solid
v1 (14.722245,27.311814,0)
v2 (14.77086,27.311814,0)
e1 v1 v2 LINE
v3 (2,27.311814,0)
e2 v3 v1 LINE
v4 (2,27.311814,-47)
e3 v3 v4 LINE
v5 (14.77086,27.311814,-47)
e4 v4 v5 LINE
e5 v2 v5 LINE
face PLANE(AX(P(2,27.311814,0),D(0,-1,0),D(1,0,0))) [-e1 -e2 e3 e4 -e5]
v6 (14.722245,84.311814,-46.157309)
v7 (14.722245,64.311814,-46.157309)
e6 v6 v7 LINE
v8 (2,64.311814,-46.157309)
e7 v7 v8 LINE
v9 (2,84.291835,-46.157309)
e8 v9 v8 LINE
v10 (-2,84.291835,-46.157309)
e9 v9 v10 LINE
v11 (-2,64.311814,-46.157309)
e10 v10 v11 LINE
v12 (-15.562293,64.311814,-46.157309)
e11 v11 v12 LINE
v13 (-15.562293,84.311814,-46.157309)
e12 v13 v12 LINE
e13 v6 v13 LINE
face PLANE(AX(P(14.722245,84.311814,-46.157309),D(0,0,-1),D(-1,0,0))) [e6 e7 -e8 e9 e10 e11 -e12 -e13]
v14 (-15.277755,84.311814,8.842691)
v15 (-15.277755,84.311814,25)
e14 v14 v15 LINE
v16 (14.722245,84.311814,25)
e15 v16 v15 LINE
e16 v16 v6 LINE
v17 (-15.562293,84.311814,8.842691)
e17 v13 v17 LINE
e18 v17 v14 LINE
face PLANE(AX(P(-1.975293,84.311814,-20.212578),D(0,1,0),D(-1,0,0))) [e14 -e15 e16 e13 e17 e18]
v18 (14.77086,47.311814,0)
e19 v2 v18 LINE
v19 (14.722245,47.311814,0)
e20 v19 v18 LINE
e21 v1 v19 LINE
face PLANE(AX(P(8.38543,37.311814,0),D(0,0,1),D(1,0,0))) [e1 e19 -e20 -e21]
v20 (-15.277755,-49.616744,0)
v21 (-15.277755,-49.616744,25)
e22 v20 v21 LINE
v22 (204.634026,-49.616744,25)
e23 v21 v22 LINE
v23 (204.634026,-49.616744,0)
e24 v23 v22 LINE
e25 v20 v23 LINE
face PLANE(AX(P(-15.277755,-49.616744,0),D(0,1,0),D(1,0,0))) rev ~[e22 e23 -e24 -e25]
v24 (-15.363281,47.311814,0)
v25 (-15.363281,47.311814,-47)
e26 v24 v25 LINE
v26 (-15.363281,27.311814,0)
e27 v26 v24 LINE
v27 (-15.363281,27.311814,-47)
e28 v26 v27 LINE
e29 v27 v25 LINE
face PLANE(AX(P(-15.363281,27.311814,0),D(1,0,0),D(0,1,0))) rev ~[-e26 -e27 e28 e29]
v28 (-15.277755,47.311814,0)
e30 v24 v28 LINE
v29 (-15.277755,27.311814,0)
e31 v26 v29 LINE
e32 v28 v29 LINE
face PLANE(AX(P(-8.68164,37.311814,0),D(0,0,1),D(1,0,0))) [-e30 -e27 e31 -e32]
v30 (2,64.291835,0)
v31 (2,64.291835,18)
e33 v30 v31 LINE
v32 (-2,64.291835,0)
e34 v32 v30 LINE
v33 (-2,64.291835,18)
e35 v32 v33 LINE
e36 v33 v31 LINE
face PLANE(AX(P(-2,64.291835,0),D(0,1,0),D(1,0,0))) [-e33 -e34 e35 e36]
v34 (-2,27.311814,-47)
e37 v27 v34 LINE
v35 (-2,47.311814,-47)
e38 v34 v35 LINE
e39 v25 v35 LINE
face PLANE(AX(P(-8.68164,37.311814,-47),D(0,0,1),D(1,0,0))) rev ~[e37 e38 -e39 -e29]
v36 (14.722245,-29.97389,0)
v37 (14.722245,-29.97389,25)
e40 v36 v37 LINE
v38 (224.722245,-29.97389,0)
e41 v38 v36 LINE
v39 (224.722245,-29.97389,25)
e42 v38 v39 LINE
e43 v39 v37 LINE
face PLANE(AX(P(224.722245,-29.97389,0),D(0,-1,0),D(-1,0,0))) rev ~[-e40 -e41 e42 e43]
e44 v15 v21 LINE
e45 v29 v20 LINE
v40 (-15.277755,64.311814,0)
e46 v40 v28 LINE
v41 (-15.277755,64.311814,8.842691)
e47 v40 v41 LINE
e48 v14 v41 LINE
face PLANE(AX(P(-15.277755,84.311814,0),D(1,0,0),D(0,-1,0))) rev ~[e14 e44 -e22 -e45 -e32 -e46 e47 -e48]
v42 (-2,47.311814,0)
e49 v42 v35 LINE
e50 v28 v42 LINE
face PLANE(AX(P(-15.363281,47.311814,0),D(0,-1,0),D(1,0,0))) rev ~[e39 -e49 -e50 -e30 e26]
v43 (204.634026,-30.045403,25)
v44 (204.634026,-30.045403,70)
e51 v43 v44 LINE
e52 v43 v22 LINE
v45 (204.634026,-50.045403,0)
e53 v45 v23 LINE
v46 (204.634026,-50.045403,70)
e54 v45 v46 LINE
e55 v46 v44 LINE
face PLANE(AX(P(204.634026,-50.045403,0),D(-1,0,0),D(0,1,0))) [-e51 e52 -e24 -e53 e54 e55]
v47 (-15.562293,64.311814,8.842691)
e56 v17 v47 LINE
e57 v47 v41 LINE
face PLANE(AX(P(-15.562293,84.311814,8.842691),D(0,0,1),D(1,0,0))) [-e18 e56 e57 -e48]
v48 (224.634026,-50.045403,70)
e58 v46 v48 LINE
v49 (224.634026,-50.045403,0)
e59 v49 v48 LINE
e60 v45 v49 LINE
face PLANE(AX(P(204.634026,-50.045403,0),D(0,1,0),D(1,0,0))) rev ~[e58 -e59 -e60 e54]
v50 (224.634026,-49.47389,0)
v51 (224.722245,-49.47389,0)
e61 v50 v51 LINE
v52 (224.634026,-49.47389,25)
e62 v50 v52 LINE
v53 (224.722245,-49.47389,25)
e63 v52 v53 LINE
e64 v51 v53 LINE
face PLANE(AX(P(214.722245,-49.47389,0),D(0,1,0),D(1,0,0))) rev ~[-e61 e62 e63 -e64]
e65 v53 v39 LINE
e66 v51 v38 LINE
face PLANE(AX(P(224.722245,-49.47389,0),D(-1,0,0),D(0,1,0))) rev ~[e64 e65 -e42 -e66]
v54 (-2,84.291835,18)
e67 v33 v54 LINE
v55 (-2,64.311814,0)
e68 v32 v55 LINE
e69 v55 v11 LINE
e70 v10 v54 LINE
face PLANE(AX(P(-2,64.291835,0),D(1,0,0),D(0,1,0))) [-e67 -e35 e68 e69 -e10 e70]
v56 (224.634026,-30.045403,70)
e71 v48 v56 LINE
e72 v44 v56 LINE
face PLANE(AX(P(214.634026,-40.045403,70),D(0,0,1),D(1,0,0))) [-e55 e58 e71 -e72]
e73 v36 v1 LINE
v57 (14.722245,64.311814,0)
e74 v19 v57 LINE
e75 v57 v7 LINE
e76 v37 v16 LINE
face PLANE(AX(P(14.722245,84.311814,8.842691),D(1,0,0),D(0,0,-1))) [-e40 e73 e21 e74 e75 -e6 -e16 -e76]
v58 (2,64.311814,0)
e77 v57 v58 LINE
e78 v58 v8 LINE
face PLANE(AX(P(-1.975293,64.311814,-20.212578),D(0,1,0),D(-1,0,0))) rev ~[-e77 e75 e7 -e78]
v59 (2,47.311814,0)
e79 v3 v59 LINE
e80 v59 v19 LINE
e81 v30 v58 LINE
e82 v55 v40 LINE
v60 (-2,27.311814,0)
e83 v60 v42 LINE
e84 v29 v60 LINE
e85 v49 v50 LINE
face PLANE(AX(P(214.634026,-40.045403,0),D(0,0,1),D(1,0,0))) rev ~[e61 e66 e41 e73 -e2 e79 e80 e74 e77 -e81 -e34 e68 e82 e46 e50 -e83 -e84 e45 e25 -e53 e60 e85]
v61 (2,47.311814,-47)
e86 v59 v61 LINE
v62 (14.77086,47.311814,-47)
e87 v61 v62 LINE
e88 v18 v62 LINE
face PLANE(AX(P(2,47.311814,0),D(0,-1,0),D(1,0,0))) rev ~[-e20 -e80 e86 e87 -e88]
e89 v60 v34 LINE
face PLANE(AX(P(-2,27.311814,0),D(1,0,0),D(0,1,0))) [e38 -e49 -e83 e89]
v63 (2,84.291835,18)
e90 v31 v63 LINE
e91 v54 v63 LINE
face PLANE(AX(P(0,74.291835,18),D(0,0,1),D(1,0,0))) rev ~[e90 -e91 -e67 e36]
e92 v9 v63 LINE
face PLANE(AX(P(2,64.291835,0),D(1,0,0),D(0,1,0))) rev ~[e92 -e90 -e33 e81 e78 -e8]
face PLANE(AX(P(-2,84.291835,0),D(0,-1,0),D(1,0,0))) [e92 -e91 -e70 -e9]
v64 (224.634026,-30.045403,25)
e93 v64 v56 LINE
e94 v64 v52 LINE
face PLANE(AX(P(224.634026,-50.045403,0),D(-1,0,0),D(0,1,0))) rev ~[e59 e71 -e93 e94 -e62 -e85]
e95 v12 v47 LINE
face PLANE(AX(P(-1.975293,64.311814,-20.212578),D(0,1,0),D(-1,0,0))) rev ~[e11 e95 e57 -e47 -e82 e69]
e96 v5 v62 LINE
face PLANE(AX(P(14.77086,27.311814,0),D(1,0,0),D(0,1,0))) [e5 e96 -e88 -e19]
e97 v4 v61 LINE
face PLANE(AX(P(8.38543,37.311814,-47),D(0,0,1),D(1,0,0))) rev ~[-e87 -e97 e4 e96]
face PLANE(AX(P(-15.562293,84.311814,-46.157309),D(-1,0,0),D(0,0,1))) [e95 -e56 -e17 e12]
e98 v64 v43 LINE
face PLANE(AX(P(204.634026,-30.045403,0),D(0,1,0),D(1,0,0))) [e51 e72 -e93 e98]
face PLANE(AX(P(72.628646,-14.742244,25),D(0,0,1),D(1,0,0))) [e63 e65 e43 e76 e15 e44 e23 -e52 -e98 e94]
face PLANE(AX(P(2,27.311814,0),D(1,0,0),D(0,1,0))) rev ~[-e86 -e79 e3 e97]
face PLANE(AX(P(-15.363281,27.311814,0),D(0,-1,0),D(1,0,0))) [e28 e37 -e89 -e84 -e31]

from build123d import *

# Parameters (mm, degrees)
F1_DEPTH      = 25
F2_W          = 30
F2_H          = 8.8426908478
F3_DEPTH      = 20
F5_W          = 4
F5_H          = 20
F6_DEPTH      = 46.1583091522
F6_DEPTH_BACK = 18
F7_W          = 20
F7_H          = 20
F8_DEPTH      = 70
F9_W          = 13.3632806614
F9_H          = 20
F9_W_2        = 12.7708598524
F10_DEPTH     = 47


with BuildPart() as f1:
    # F0 (on Top) → F1 (new body)
    with BuildSketch(Plane.XY):
        Polygon((120.722244599, -49.4738900023), (120.722244599, -29.9738900023), (-89.277755401, -29.9738900023), (-89.277755401, 84.3118136035), (-119.277755401, 84.3118136035), (-119.277755401, -49.6167442972), (110.722244599, -49.6167442972), (110.722244599, -49.4738900023), align=None)
    extrude(amount=F1_DEPTH)

    # F2 (on face) → F3 (join)
    with BuildSketch(Plane(origin=(0, 84.3118136035, 0), x_dir=(-1, 0, 0), z_dir=(0, 1, 0))):
        Polygon((119.5622932736, 8.8426908478), (119.277755401, 8.8426908478), (119.277755401, 0), (89.277755401, 0), (89.277755401, -46.1573091522), (119.5622932736, -46.1573091522), align=None)
        with Locations((104.277755401, 4.4213454239)):
            Rectangle(F2_W, F2_H)
    extrude(amount=-F3_DEPTH)


with BuildPart() as f1_1:
    # F4: moved
    add(f1.part.moved(Location((104, 0, 0))))

    # F5 (on Top) → F6 (cut, two sides)
    with BuildSketch(Plane.XY) as f6_sk:
        with Locations((-9.5e-08, 74.2918348312)):
            Rectangle(F5_W, F5_H)
    extrude(amount=-F6_DEPTH, mode=Mode.SUBTRACT)
    extrude(f6_sk.sketch, amount=F6_DEPTH_BACK, mode=Mode.SUBTRACT)

    # F7 (on Top) → F8 (join)
    with BuildSketch(Plane.XY):
        with Locations((214.6340256929, -40.0454027206)):
            Rectangle(F7_W, F7_H)
    extrude(amount=F8_DEPTH)

    # F9 (on Top) → F10 (join)
    with BuildSketch(Plane.XY):
        with Locations((-8.6816403307, 37.3118136035)):
            Rectangle(F9_W, F9_H)
        with Locations((8.3854299262, 37.3118136035)):
            Rectangle(F9_W_2, F9_H)
    extrude(amount=-F10_DEPTH)


solid = f1_1.part
